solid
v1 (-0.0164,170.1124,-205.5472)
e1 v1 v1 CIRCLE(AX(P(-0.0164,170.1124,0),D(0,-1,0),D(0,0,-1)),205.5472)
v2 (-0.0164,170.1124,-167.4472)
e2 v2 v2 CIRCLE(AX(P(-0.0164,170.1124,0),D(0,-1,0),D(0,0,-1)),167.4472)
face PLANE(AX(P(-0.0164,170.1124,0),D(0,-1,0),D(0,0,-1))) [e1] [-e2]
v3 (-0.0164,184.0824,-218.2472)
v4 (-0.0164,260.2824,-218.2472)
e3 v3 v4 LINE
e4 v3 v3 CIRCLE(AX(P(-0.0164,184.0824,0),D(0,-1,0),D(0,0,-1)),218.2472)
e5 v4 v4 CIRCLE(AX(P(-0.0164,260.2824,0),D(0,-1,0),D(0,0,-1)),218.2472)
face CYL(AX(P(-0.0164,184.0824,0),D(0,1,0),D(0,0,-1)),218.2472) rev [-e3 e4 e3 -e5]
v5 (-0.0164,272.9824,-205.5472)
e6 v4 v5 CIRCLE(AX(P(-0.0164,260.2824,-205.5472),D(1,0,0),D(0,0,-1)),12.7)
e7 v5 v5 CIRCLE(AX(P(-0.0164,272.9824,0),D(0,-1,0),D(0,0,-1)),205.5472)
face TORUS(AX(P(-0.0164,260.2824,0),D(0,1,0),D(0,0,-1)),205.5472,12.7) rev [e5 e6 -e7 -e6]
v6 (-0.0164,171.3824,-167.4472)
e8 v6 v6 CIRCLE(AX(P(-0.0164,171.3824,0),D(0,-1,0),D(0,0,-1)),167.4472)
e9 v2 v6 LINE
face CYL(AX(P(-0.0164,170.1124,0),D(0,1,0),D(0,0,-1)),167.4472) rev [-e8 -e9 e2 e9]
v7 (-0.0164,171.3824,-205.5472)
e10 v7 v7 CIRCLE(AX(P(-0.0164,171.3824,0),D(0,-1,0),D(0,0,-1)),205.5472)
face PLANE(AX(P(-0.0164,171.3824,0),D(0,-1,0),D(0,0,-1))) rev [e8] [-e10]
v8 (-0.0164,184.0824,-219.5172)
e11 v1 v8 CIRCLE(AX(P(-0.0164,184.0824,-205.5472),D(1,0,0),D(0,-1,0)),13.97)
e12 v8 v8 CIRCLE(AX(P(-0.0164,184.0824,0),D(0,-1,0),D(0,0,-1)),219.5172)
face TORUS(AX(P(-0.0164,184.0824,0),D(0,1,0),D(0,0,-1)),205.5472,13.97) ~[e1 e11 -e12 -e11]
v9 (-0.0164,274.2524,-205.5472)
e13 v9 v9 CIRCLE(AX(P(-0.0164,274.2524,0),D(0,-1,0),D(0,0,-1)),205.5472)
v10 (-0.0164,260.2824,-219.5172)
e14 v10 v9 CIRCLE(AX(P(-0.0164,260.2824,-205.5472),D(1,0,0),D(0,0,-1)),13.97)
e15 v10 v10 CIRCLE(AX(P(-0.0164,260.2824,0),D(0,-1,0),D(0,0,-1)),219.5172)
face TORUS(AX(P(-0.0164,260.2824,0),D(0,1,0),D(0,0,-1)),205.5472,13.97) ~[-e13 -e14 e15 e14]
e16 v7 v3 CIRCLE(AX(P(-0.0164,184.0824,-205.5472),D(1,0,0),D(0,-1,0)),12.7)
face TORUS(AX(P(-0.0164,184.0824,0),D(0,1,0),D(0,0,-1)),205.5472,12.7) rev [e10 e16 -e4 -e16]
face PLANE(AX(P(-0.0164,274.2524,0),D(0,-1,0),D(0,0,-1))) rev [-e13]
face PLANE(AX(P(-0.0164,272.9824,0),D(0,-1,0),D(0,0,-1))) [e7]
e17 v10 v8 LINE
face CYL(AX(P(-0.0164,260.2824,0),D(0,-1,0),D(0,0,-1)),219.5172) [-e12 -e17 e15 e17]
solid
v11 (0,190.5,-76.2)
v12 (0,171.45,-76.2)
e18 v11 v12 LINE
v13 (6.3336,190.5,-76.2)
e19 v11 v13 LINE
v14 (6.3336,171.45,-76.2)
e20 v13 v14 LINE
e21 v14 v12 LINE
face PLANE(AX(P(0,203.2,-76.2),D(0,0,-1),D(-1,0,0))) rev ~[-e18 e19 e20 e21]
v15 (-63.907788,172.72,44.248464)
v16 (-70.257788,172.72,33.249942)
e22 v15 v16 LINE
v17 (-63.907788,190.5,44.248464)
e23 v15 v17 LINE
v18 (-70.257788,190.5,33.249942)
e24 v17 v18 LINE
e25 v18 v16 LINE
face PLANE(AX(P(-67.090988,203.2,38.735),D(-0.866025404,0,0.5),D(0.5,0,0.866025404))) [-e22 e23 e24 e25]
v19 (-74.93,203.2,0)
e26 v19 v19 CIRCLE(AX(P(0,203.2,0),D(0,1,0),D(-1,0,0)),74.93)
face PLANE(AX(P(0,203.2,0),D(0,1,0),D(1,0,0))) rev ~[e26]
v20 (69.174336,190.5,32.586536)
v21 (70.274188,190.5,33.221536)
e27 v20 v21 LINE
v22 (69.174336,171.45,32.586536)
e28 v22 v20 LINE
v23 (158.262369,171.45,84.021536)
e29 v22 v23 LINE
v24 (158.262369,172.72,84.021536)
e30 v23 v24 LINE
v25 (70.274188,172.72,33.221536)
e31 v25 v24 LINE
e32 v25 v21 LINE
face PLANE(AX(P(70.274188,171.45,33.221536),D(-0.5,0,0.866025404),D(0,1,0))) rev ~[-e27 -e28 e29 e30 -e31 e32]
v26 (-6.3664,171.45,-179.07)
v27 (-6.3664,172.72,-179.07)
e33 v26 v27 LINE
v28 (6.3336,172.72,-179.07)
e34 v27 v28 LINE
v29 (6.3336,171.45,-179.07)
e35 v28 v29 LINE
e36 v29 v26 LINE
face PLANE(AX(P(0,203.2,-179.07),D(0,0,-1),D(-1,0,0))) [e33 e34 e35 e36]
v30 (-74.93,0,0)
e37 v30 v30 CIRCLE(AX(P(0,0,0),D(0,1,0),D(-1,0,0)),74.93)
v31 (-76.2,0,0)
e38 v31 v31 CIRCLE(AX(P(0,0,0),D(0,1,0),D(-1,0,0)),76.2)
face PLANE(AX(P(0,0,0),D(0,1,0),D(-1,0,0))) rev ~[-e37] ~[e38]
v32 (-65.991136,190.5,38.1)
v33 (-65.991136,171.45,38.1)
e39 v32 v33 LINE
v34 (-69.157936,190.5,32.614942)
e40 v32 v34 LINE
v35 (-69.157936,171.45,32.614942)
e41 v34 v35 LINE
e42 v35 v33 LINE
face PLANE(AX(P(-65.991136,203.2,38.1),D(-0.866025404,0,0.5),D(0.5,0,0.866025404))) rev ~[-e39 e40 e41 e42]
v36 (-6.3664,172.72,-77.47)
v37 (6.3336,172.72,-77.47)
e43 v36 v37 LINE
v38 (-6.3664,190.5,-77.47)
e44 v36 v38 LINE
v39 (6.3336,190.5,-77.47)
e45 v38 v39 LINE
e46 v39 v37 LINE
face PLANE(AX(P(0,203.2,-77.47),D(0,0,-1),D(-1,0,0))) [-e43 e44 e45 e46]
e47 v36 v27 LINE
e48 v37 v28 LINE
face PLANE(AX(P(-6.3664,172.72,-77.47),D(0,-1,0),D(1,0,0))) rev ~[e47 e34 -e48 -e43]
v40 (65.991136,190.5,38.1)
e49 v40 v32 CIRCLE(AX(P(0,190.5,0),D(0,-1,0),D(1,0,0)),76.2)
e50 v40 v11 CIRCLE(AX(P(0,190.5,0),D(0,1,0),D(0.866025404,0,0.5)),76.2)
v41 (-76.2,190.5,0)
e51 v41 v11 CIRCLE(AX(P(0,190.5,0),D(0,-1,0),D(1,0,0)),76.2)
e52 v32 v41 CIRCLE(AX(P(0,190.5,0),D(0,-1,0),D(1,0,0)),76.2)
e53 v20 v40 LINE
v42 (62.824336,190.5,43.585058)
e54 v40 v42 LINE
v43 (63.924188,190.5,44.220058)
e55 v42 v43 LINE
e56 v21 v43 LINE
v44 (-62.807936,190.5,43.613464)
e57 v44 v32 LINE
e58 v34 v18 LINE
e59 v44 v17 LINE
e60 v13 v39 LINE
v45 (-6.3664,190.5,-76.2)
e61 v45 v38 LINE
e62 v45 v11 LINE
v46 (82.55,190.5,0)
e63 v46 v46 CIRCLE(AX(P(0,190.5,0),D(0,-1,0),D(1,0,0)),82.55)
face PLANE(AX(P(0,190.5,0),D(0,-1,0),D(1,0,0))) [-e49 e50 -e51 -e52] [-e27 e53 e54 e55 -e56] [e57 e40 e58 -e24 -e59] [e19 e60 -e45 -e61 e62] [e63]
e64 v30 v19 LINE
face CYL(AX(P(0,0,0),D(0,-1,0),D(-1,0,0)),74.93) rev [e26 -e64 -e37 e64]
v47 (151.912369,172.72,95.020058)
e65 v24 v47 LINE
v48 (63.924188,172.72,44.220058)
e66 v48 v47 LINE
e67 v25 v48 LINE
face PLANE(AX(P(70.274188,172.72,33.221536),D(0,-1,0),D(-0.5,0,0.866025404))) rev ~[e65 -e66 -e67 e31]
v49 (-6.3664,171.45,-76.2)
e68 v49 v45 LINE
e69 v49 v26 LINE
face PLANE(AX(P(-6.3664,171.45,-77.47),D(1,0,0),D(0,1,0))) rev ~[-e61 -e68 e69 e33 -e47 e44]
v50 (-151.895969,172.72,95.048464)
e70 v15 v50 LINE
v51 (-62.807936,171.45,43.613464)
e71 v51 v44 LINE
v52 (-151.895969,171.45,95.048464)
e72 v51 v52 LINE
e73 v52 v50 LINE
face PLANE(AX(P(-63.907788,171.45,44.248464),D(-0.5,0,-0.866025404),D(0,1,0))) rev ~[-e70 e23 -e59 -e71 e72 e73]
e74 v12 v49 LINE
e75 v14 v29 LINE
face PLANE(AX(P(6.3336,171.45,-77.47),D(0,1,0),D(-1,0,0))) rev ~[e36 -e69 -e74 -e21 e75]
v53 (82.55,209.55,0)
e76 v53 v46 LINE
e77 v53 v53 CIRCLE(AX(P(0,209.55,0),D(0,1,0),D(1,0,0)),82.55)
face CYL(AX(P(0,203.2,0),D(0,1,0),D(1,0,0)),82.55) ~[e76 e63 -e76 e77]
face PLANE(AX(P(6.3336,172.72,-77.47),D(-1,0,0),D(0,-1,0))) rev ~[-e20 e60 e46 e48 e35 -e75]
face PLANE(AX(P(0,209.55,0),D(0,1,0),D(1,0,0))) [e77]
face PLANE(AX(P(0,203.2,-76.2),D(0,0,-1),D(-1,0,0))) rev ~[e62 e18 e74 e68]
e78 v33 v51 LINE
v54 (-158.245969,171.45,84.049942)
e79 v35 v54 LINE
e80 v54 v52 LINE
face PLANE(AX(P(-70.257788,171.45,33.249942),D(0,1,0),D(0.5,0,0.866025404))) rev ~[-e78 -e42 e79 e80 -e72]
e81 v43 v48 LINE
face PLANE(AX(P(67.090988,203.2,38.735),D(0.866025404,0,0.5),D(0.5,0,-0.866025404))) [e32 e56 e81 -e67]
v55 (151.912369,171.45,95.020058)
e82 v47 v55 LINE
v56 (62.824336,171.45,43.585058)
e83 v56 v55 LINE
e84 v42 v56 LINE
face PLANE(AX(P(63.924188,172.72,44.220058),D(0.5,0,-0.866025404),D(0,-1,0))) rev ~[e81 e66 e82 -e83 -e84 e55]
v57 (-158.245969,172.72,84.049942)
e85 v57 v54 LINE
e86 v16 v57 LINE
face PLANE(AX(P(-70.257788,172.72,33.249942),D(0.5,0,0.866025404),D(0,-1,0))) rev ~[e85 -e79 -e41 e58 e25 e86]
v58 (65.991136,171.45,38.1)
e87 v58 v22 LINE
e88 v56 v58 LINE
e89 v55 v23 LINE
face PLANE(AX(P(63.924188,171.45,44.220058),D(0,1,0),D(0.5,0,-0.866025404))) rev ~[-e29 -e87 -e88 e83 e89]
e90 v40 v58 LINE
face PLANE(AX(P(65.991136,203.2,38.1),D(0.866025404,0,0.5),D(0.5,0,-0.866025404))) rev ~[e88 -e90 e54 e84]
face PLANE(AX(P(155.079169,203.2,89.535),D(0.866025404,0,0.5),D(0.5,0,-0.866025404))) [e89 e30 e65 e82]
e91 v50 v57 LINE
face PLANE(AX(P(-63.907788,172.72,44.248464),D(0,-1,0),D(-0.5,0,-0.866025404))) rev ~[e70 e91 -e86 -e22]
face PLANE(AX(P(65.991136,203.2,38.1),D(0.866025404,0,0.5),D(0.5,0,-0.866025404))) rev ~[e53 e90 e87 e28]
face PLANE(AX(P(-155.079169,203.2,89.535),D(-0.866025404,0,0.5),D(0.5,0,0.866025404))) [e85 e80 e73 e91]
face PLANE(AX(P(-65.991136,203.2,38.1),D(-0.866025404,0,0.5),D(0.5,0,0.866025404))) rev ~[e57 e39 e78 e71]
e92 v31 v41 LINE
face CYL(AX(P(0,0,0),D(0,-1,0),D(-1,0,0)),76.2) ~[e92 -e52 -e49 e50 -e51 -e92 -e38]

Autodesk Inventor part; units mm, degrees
ref_plane "YZ Plane" through (0, 0, 0) normal (1, 0, 0) x (0, 1, 0)
sketch "Sketch1" plane through (0, 0, 0) normal (0, 1, 0) x (-1, 0, 0)
  circle A0 centre (0, 0) radius 76.2
  circle A1 centre (0, 0) radius 74.93
  dimension "d0" = 152.4
  dimension "d1" = 1.27
extrude "Extrusion1" add sketch "Sketch1" along normal blind 203.2
sketch "Sketch2" plane through (0, 203.2, 0) normal (0, 1, 0) x (1, 0, 0)
  circle A0 centre (0, 0) radius 74.93 projected
  circle A1 centre (0, 0) radius 76.2 projected
  point P0 (0, 76.2)
ref_plane "Work Plane1" through (0, 203.2, -76.2) normal (0, 0, -1) x (-1, 0, 0)
sketch "Sketch3" plane through (0, 203.2, -76.2) normal (0, 0, -1) x (-1, 0, 0)
  line L0 (-6.3336, -31.75) -> (6.3664, -31.75)
  line L1 (6.3664, -31.75) -> (6.3664, -12.7)
  line L2 (6.3664, -12.7) -> (-6.3336, -12.7)
  line L3 (-6.3336, -12.7) -> (-6.3336, -31.75)
  line L4 (76.2, 0) -> (-76.2, 0) projected
  point P0 (0, -203.2)
  point P1 (0.0164, -12.7)
  dimension "d4" = 12.7
  dimension "d5" = 19.05
  dimension "d6" = 12.7
extrude "Extrusion2" add sketch "Sketch3" along normal blind 1.27
sketch "Sketch4" plane through (0, 203.2, -77.47) normal (0, 0, -1) x (-1, 0, 0)
  line L0 (-6.3336, -31.75) -> (6.3664, -31.75) projected
  line L1 (6.3664, -31.75) -> (6.3664, -12.7) projected
  line L2 (-6.3336, -31.75) -> (6.3664, -31.75)
  line L3 (6.3664, -31.75) -> (6.3664, -30.48)
  line L4 (6.3664, -30.48) -> (-6.3336, -30.48)
  line L5 (-6.3336, -30.48) -> (-6.3336, -31.75)
  point P0 (0, -203.2)
  dimension "d9" = 1.27
extrude "Extrusion3" add sketch "Sketch4" along normal blind 101.6
pattern_circular "Circular Pattern1" count 3 over 360 about axis through (0, -10, 0) along (0, 1, 0) of "Extrusion2", "Extrusion3"
ref_plane "Work Plane5" through (-0.0164, 171.45, -76.2) normal (1, 0, 0) x (0, 0, -1)
sketch "Sketch8" plane through (-0.0164, 171.45, -76.2) normal (1, 0, 0) x (0, 0, -1)
  line L0 (91.2472, -0.0676) -> (129.3472, -0.0676)
  line L1 (142.0472, 12.6324) -> (142.0472, 88.8324)
  line L2 (129.3472, 101.5324) -> (-76.2, 101.5324)
  arc A0 (142.0472, 88.8324) -> (129.3472, 101.5324) centre (129.3472, 88.8324) ccw
  arc A1 (129.3472, -0.0676) -> (142.0472, 12.6324) centre (129.3472, 12.6324) ccw
  line L3 (-76.2, 102.8024) -> (129.3472, 102.8024)
  arc A2 (143.3172, 88.8324) -> (129.3472, 102.8024) centre (129.3472, 88.8324) ccw
  line L4 (143.3172, 88.8324) -> (143.3172, 12.6324)
  arc A3 (129.3472, -1.3376) -> (143.3172, 12.6324) centre (129.3472, 12.6324) ccw
  line L5 (129.3472, -1.3376) -> (91.2472, -1.3376)
  line L6 (-76.2, 101.5324) -> (-76.2, -188.2709) construction
  line L7 (91.2472, -1.3376) -> (91.2472, -0.0676)
  line L8 (-76.2, 101.5324) -> (-76.2, 102.8024)
  point P0 (-76.2, -171.45)
  point P1 (142.0472, -0.0676)
  point P2 (142.0472, 101.5324)
  dimension "d26" = 50.8
  dimension "d27" = 101.6
  dimension "d28" = 12.7
  dimension "d29" = 1.27
revolve "Revolution3" add sketch "Sketch8" angle 360 about axis through (-0.0164, 272.9824, 0) along (0, -1, 0)
sketch "Sketch10" plane through (0, 203.2, 0) normal (0, 1, 0) x (1, 0, 0)
  circle A0 centre (0, 0) radius 82.55
  dimension "d34" = 165.1
extrude "Extrusion5" add sketch "Sketch10" along normal blind 6.35
sketch "Sketch11" plane through (0, 203.2, 0) normal (0, -1, 0) x (1, 0, 0)
  circle A0 centre (0, 0) radius 82.55 projected
  circle A1 centre (0, 0) radius 76.2 projected
extrude "Extrusion6" add sketch "Sketch11" along normal blind 12.7
properties part number "chimney"
